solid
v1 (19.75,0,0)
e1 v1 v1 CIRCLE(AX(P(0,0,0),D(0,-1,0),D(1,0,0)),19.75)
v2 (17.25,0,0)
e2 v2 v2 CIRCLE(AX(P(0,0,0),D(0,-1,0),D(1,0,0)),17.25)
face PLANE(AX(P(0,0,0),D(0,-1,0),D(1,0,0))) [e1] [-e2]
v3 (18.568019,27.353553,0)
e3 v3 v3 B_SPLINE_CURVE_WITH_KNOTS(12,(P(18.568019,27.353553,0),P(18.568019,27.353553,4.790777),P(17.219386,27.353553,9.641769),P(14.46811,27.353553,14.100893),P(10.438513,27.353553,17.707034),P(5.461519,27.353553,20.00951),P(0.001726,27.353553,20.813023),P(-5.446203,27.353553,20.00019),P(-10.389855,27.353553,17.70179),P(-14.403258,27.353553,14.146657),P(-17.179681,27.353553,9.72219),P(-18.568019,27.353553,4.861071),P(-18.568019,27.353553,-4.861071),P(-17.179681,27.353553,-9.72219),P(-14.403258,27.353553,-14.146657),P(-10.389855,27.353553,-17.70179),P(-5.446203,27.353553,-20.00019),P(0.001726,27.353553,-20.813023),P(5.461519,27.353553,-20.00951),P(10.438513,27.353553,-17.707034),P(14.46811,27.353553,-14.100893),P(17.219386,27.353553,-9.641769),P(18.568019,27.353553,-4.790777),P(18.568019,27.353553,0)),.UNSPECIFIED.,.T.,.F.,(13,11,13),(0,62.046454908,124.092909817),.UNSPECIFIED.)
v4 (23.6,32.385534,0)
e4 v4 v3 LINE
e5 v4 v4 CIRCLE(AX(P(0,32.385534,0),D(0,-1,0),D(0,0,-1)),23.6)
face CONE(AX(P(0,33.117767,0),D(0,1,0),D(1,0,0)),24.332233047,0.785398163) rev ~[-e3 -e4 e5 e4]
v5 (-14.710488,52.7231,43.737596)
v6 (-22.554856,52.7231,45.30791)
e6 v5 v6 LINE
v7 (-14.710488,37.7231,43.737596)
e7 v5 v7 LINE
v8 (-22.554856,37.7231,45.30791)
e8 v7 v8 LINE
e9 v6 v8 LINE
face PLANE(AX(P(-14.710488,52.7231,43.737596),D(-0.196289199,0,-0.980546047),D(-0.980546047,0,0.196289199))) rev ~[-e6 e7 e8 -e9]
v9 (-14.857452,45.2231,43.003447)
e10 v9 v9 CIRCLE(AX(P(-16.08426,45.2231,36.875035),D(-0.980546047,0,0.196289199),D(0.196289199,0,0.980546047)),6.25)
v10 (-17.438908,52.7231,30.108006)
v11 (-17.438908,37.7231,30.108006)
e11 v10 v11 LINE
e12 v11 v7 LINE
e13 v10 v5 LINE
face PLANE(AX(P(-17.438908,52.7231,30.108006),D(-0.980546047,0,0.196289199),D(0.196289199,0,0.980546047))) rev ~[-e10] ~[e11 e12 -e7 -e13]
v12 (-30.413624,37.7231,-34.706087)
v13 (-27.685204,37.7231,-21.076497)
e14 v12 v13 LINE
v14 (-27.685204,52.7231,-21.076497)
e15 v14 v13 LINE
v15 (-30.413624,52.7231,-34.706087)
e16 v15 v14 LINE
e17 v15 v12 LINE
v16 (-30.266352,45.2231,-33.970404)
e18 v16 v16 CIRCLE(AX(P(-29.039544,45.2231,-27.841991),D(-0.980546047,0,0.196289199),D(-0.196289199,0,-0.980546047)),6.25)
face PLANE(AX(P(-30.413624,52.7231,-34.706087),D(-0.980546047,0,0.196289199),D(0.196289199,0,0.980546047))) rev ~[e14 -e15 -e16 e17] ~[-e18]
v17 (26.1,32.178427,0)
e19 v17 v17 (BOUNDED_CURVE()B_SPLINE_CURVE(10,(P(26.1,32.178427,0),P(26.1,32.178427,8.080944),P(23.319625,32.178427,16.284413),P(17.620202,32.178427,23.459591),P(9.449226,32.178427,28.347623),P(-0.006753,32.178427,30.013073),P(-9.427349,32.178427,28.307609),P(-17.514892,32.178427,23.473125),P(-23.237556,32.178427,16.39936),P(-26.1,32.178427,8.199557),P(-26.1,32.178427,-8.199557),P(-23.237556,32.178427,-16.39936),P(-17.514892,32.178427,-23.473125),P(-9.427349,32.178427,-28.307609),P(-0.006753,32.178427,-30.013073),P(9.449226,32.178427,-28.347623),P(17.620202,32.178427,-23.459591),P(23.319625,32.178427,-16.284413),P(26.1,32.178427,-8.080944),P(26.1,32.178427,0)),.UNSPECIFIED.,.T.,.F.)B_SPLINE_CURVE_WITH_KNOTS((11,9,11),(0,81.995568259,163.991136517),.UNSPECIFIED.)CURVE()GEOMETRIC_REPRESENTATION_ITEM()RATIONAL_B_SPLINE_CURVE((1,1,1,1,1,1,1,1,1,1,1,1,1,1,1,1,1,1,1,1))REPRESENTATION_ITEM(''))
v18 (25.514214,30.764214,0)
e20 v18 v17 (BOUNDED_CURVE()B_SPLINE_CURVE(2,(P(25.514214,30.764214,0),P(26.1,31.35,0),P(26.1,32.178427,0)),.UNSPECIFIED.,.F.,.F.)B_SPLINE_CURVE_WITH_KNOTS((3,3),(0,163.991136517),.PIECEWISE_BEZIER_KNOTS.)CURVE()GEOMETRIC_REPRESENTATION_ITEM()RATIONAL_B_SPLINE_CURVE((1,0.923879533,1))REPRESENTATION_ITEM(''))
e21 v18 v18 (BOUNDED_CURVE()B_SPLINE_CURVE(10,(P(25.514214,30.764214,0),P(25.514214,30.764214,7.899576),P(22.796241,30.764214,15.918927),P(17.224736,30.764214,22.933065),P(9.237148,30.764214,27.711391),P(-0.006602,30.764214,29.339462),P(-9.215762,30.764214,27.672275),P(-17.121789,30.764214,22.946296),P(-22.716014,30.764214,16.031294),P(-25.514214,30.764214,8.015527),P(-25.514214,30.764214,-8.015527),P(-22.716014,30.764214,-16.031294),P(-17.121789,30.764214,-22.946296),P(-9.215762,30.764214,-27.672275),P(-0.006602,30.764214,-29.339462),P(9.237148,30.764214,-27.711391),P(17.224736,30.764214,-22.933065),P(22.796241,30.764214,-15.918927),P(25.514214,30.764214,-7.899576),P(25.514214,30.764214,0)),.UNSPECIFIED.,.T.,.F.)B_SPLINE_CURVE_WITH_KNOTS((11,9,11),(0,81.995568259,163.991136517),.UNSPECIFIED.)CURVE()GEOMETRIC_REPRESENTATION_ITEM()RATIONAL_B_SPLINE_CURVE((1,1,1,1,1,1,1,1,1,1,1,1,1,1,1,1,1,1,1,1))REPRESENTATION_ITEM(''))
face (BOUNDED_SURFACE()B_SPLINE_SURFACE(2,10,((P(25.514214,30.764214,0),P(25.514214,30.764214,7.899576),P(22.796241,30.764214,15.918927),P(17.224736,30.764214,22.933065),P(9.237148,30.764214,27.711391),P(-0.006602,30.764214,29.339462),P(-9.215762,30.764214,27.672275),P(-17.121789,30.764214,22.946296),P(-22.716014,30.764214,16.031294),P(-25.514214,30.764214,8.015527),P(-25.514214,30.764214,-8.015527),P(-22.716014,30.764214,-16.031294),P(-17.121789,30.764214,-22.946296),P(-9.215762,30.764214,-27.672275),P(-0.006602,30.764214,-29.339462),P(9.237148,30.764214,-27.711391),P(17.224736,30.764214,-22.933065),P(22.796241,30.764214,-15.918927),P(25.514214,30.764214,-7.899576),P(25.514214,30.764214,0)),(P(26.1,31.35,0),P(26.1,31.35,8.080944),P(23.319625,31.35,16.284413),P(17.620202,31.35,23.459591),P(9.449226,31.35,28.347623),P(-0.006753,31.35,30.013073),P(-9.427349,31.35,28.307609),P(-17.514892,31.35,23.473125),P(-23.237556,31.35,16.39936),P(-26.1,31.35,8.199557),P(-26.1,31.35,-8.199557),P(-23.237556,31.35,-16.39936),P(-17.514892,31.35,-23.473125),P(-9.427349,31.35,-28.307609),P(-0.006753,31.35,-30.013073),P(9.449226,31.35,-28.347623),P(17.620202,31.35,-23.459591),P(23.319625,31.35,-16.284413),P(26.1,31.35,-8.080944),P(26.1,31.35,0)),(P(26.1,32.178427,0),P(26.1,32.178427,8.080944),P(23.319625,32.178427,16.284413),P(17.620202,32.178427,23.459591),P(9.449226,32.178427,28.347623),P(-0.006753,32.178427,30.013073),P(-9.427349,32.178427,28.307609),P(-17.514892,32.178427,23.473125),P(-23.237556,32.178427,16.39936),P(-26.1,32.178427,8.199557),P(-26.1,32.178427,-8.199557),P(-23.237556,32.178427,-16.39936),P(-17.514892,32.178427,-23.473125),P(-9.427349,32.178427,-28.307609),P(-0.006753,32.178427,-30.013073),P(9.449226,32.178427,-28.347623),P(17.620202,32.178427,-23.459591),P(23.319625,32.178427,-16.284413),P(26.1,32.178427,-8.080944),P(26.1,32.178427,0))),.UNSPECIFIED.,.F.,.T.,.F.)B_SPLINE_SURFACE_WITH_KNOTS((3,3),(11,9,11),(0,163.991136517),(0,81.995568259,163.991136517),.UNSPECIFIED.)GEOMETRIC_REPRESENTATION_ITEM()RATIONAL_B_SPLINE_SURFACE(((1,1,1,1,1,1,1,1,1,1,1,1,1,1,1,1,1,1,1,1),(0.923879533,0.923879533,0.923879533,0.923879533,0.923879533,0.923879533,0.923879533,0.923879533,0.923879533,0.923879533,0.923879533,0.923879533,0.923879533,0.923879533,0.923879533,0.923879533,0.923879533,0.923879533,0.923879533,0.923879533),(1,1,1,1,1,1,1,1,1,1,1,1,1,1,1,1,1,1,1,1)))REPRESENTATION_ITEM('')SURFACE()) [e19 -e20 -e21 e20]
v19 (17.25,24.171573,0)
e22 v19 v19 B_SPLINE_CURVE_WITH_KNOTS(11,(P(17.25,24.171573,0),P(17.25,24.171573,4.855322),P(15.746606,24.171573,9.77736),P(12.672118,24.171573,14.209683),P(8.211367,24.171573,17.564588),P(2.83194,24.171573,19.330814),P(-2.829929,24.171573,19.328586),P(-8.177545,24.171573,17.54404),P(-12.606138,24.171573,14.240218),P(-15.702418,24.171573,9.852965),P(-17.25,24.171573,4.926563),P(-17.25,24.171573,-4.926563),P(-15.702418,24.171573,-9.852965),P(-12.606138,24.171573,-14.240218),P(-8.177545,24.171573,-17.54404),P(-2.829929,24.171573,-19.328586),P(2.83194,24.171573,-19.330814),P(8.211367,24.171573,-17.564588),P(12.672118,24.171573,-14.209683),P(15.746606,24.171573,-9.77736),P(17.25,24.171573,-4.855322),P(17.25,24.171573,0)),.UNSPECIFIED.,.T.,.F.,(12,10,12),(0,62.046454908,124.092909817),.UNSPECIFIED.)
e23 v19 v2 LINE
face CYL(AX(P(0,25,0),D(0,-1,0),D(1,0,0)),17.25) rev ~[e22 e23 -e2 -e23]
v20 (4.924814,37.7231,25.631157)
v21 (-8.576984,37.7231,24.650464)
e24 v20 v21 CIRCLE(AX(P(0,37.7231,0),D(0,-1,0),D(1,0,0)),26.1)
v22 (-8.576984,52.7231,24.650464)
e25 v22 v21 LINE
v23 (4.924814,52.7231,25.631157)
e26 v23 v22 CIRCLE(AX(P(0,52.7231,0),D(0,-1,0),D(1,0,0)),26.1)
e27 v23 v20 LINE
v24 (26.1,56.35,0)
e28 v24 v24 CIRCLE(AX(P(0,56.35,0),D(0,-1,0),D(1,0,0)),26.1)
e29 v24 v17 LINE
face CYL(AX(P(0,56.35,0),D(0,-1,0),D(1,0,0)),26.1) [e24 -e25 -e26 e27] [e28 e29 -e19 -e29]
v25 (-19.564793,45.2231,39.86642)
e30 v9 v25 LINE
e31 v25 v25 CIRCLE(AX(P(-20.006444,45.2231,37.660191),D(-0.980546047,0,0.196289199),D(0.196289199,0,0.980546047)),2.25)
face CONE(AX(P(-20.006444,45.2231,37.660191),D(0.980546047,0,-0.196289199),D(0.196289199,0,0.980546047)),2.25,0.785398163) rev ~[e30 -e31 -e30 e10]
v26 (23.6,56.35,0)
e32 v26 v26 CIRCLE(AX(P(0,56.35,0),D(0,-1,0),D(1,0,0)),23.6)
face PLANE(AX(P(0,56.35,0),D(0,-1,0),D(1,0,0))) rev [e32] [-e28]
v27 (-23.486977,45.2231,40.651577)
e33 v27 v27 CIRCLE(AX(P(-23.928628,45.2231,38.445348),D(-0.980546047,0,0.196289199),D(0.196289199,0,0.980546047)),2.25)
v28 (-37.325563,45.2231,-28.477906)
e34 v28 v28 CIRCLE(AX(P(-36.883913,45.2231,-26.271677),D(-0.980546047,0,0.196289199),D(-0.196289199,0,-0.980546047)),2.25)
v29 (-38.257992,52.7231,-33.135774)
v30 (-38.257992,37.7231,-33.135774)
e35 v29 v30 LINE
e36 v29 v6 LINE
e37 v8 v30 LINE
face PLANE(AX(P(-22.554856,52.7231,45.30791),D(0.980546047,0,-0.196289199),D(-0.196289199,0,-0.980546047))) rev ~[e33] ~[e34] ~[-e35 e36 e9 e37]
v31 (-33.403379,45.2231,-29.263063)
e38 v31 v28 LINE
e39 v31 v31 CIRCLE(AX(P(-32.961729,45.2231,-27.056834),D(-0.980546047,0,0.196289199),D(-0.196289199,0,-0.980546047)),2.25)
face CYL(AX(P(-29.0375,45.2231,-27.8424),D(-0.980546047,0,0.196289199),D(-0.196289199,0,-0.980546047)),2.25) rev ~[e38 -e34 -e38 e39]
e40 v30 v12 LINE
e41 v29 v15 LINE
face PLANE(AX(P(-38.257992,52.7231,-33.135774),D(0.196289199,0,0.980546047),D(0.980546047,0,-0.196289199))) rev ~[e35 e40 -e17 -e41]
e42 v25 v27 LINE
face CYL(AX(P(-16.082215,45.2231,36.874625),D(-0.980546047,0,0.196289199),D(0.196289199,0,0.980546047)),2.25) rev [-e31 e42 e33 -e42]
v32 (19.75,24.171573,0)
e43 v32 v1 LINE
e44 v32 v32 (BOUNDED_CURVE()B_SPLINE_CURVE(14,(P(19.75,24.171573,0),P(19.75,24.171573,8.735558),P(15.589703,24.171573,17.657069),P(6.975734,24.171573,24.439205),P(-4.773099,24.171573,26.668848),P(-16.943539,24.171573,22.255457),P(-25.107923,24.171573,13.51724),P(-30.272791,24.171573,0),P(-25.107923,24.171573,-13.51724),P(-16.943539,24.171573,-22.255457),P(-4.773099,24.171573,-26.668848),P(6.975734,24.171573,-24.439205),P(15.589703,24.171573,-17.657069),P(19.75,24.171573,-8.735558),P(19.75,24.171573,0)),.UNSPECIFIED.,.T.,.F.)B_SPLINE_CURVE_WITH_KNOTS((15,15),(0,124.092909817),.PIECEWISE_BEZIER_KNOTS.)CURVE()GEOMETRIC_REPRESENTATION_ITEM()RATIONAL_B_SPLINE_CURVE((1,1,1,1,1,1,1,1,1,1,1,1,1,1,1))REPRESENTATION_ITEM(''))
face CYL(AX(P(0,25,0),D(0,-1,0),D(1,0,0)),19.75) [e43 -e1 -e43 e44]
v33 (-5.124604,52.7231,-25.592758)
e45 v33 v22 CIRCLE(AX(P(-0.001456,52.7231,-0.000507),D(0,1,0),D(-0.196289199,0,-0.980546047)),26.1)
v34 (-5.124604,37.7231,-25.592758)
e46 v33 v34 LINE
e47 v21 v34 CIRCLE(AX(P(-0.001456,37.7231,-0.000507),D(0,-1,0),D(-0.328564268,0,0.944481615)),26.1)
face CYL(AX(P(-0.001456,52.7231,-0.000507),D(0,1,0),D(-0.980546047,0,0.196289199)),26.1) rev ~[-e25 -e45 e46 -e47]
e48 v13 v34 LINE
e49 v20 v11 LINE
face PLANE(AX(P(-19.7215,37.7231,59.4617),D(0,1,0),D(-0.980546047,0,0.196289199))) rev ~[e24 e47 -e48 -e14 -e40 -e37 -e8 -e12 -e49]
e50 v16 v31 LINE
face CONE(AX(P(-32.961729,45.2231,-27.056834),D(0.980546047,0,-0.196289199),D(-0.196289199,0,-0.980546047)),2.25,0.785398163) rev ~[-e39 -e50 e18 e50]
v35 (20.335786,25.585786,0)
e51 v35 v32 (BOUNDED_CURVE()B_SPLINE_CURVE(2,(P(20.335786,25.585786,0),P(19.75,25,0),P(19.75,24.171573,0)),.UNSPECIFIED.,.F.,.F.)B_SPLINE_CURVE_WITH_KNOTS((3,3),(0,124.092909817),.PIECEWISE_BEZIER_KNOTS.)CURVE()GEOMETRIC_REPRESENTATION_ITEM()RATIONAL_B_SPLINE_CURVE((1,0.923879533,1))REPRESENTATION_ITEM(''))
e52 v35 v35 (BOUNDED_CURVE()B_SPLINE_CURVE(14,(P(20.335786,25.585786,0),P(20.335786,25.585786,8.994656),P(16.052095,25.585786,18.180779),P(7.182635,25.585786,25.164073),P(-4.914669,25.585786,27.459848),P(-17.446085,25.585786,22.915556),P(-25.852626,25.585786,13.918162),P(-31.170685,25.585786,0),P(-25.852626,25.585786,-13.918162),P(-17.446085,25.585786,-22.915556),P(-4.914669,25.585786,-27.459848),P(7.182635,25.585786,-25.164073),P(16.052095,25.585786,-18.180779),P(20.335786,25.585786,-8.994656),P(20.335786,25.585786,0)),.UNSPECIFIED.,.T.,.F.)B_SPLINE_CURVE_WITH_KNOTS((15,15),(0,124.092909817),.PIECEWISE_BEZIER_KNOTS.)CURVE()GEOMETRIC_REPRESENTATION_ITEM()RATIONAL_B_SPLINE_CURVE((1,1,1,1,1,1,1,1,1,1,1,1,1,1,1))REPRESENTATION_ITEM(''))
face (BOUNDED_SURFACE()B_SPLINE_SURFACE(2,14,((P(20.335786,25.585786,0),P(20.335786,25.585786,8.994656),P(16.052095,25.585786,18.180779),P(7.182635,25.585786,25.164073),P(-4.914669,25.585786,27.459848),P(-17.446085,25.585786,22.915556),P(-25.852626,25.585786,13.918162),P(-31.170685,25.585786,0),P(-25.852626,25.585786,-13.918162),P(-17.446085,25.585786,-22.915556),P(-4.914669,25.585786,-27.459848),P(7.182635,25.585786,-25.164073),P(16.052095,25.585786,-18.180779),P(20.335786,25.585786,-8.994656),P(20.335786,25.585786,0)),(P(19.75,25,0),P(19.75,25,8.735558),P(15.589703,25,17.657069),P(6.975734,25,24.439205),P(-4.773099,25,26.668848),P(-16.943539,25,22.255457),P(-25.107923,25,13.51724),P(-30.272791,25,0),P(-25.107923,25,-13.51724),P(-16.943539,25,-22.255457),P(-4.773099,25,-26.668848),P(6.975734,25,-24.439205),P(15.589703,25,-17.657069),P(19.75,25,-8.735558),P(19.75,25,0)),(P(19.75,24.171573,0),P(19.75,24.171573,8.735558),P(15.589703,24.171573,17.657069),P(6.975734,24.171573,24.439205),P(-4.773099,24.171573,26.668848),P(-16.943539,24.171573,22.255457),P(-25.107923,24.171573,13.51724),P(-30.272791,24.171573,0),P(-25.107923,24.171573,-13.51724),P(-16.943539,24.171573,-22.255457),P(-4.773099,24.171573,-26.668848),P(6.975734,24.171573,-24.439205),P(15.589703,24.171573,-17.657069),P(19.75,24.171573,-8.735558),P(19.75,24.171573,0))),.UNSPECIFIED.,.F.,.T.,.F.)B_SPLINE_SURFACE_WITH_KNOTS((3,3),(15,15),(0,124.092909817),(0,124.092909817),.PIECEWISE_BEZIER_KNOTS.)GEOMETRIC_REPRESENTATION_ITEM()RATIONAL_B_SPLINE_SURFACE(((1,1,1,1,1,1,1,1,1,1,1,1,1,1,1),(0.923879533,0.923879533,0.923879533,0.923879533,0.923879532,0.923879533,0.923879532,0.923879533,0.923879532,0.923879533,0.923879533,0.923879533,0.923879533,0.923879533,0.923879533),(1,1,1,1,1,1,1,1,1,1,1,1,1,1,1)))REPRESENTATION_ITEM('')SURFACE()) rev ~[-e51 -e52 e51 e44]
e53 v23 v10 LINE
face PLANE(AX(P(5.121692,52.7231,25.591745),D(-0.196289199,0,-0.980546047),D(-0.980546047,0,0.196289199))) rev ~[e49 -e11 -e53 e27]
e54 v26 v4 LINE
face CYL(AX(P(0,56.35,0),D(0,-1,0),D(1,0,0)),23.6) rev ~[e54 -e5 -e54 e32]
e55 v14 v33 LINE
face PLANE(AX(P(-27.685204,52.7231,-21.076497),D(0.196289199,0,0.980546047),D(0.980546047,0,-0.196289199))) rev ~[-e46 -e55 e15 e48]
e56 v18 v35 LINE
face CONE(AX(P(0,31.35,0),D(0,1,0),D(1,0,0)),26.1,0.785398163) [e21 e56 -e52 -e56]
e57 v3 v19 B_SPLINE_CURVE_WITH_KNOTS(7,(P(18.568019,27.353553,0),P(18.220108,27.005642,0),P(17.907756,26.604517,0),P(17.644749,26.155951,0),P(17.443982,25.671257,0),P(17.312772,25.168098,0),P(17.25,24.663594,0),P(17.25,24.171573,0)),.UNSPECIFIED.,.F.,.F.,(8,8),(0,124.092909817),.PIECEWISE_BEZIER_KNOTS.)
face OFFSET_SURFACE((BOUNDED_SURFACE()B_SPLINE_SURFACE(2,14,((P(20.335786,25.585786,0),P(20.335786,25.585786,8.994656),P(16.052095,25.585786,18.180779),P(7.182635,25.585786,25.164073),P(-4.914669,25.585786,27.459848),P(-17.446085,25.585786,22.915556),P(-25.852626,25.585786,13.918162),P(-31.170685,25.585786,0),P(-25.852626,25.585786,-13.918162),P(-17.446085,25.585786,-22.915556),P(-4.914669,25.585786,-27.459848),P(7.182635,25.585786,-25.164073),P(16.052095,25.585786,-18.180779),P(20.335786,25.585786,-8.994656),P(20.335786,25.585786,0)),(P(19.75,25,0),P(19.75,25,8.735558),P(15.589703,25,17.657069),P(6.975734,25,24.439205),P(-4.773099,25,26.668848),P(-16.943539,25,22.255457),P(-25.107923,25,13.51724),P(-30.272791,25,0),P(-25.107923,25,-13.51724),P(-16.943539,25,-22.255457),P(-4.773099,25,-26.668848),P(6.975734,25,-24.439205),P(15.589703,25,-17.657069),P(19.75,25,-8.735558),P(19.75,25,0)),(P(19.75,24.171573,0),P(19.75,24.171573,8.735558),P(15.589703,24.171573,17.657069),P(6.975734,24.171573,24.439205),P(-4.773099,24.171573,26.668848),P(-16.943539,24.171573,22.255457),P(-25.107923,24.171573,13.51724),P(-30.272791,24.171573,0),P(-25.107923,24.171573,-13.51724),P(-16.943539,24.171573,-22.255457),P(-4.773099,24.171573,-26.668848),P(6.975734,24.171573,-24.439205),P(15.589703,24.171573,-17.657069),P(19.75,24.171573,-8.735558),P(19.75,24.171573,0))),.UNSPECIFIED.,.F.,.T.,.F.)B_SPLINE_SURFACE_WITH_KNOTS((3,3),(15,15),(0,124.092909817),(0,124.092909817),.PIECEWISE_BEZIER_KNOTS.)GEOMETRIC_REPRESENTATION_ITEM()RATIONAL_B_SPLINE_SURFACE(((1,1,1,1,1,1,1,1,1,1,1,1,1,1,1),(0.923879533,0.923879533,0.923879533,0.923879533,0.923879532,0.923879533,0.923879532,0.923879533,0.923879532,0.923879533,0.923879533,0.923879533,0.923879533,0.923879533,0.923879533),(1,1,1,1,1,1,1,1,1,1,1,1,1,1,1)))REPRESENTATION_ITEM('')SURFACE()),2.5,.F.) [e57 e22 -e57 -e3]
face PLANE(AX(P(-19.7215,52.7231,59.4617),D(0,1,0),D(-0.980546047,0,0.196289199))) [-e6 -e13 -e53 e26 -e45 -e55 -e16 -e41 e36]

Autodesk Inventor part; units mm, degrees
ref_plane "YZ Plane" through (0, 0, 0) normal (1, 0, 0) x (0, 1, 0)
ref_plane "XZ Plane" through (0, 0, 0) normal (0, 1, 0) x (-1, 0, 0)
ref_plane "XY Plane" through (0, 0, 0) normal (0, 0, 1) x (1, 0, 0)
sketch "Sketch1" plane through (0, 0, 0) normal (0, 0, 1) x (1, 0, 0)
  line L0 (0, 0) -> (0, 56.35)
  line L1 (0, 56.35) -> (26.1, 56.35)
  line L2 (26.1, 56.35) -> (26.1, 31.35)
  line L3 (26.1, 31.35) -> (19.75, 25)
  line L4 (19.75, 25) -> (19.75, 0)
  line L5 (19.75, 0) -> (0, 0)
  dimension "d1" = 39.5
  dimension "d3" = 45
  dimension "d5" = 52.2
  dimension "d6" = 25
revolve "Revolution1" add sketch "Sketch1" angle 360 about axis through (0, 0, 0) along (0, -1, 0)
fillet "Fillet2" radius 2 1 edges at (-19.75, 25, 0)
fillet "Fillet3" radius 2 1 edges at (-26.1, 31.35, 0)
shell "Shell2" thickness 2.5 removed faces 2 at (7.4507, 56.35, 1.961) at (5.8293, 0, 3.0594)
ref_plane "Work Plane4" through (-19.7215, 58.7231, 59.4617) normal (0, 1, 0) x (-0.9806, 0, 0.1963)
ref_plane "Work Plane2" through (-19.7215, 0.4561, 59.4617) normal (0, 1, 0) x (-0.9806, 0, 0.1963)
ref_plane "Work Plane5" through (-19.7215, 52.7231, 59.4617) normal (0, 1, 0) x (-0.9806, 0, 0.1963)
sketch "Sketch5" plane through (-19.7215, 52.7231, 59.4617) normal (0, 1, 0) x (-0.9806, 0, 0.1963)
  circle A0 centre (-31.0082, -54.4346) radius 26.1 projected
  line L0 (-8, -28.3346) -> (-8, -14.4346)
  line L1 (-8, -14.4346) -> (0, -14.4346)
  line L2 (0, -14.4346) -> (0, -94.4346)
  line L3 (0, -94.4346) -> (-8, -94.4346)
  line L4 (0, 0) -> (0, -15) projected
  line L5 (-8, -94.4346) -> (-8, -80.5346)
  line L6 (-8, -80.5346) -> (-31.0082, -80.5346)
  line L7 (-31.0082, -28.3346) -> (-8, -28.3346)
  point P0 (-31.0082, -54.4346)
  dimension "d20" = 40
  dimension "d21" = 40
  dimension "d22" = 8
extrude "Extrusion2" add sketch "Sketch5" against normal blind 15 contours A0 L7 L0 L1 L2 L3 L5 L6
sketch "Sketch6" plane through (-27.6833, 37.7231, -21.0766) normal (0.9806, 0, -0.1963) x (-0.1963, 0, -0.9806)
  point P0 (-26.1, -37.7231)
ref_plane "Work Plane6" through (0, 43.85, 0) normal (-0.1963, 0, -0.9806) x (0, -1, 0)
sketch "Sketch7" plane through (-27.6833, 37.7231, -21.0766) normal (0.9806, 0, -0.1963) x (-0.1963, 0, -0.9806)
  line L0 (0, 15) -> (13.9, 15) projected
  line L1 (13.9, 15) -> (13.9, 0) projected
  point P0 (-26.1, -37.7231)
  point P1 (6.9, 7.5)
  dimension "d27" = 7.5
  dimension "d35" = 7
hole "Hole1" at (-29.0375, 45.2231, -27.8424) direction (-0.9806, 0, 0.1963) diameter 4.5 end through all
mirror "Mirror1" about plane through (0, 43.85, 0) normal (-0.1963, 0, -0.9806) of "Hole1"
chamfer "Chamfer2" distance 4 angle 45 2 edges at (-28.5959, 45.2231, -25.6362) (-16.5256, 45.2231, 34.6677)
properties part number "_3DPrint"
